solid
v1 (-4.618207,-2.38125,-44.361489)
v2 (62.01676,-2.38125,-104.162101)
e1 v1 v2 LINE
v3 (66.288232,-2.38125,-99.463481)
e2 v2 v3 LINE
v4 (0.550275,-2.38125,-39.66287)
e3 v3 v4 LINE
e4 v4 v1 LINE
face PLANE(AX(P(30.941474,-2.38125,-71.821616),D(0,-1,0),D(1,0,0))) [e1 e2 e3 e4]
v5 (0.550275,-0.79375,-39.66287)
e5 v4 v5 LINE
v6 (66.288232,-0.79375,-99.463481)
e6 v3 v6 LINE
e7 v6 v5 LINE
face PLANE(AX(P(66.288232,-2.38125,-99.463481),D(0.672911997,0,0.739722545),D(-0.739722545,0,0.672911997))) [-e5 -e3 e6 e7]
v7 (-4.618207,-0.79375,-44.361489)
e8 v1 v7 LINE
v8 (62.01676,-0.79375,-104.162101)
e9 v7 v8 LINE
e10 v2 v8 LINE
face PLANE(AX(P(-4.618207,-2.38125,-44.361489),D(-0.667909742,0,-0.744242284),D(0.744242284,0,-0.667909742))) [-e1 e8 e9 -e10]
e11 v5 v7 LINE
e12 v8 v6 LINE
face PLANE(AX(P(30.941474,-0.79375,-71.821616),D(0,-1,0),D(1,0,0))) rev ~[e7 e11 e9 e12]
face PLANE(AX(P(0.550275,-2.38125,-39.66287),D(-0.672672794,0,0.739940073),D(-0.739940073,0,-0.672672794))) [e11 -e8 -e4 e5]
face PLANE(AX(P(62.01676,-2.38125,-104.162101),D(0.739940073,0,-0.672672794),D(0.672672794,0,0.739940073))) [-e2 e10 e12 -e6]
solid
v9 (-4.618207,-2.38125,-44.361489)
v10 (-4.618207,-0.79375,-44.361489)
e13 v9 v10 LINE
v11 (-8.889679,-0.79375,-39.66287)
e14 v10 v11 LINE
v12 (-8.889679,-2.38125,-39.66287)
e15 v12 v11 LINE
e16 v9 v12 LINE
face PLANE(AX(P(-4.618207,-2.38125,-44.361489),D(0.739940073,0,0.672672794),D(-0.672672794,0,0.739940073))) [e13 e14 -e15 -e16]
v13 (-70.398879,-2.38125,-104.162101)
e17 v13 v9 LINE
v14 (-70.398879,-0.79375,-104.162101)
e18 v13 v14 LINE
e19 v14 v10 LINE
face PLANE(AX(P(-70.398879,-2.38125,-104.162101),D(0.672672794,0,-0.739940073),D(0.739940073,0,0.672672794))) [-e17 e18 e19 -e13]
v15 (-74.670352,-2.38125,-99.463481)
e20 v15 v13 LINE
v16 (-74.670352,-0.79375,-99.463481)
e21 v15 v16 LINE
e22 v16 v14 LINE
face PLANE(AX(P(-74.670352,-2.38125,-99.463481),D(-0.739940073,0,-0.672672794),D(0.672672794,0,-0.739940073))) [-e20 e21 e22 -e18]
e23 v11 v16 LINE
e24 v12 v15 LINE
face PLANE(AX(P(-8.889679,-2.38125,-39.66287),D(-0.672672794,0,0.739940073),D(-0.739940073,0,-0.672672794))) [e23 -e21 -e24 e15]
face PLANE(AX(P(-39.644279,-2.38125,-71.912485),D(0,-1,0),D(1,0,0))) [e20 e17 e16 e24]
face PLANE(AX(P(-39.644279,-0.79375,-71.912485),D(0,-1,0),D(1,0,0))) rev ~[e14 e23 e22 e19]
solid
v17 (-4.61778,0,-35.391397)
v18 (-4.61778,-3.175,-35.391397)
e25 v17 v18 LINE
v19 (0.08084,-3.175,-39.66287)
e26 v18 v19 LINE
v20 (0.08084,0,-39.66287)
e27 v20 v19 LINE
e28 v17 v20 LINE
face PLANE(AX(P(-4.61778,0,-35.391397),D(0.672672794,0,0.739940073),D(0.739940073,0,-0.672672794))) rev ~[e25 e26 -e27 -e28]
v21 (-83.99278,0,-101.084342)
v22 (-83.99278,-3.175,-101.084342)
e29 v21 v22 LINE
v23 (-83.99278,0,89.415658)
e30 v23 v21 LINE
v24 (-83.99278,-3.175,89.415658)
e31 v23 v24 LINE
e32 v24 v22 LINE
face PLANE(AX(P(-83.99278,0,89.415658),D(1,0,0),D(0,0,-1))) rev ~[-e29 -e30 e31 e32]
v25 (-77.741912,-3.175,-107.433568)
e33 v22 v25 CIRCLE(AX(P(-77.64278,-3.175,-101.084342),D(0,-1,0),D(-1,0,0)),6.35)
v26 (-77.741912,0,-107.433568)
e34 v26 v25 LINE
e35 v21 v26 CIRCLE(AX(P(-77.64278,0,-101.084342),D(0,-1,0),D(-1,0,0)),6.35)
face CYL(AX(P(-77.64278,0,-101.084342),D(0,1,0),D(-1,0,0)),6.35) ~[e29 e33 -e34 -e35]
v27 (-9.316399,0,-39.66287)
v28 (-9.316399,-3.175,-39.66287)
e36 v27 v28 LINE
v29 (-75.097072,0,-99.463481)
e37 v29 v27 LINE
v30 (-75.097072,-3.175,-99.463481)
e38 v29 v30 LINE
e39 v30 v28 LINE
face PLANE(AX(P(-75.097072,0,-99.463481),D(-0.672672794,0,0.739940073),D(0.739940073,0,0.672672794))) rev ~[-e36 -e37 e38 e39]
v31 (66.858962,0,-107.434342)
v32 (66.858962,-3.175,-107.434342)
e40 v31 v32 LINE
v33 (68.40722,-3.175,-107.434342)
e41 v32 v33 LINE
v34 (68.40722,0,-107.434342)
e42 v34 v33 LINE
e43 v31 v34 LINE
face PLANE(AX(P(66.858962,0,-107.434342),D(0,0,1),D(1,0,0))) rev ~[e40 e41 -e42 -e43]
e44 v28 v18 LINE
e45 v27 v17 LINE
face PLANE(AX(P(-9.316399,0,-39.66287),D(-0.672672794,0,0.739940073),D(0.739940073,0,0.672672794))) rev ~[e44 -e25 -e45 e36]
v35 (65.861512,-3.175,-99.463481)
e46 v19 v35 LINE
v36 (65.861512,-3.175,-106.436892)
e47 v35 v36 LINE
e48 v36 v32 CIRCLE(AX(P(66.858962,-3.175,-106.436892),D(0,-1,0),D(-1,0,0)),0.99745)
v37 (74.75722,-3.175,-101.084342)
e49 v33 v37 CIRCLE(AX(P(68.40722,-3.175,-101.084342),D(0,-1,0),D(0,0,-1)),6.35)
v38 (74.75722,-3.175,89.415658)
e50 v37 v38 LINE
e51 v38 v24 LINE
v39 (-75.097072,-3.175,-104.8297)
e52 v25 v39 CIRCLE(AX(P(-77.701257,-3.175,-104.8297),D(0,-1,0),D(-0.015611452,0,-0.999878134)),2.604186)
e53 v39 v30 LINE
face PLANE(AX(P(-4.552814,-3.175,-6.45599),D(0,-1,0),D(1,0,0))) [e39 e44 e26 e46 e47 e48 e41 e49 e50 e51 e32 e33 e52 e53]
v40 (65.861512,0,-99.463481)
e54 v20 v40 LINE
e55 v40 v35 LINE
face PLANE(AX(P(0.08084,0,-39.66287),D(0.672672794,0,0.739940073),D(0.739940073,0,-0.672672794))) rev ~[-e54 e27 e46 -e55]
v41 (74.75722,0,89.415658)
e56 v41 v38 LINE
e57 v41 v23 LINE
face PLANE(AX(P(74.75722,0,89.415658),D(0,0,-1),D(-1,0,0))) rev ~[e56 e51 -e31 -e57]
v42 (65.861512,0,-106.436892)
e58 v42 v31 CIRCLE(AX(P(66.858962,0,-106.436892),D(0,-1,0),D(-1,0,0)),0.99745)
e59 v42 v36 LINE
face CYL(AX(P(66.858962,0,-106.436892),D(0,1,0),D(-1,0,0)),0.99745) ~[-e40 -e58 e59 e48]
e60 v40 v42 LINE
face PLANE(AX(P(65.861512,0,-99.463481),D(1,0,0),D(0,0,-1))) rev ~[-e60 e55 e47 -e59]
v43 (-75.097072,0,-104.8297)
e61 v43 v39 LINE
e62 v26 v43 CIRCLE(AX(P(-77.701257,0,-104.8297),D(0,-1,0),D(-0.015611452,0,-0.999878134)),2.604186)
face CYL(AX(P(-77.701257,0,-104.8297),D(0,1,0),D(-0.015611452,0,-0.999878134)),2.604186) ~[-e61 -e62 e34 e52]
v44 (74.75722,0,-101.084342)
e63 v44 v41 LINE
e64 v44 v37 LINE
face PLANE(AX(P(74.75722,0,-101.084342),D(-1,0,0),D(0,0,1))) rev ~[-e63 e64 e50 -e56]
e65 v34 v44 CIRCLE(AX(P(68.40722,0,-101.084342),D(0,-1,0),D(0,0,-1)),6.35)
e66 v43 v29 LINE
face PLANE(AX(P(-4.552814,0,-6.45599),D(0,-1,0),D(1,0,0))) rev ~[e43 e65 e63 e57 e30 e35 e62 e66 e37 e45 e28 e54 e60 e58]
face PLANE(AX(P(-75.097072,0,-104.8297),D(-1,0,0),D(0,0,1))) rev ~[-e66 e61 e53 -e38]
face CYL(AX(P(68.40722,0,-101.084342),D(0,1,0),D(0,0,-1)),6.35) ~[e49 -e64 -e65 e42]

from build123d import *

# Parameters (mm, degrees)
F1_DEPTH = 3.175
F3_DEPTH = 1.5875


with BuildPart() as f1:
    # F0 (on Front) → F1 (new body)
    with BuildSketch(Plane.XZ):
        with BuildLine():
            Line((74.7572204843, 89.4156580232), (-83.9927795157, 89.4156580232))
            Line((-83.9927795157, 89.4156580232), (-83.9927795157, -101.0843419768))
            ThreePointArc((-83.9927795157, -101.0843419768), (-82.1678205533, -105.5392834588), (-77.7419122375, -107.4335681267))
            ThreePointArc((-77.7419122375, -107.4335681267), (-75.8742501091, -106.6854552728), (-75.0970715066, -104.8296998773))
            Line((-75.0970715066, -104.8296998773), (-75.0970715066, -99.4634811212))
            Line((-75.0970715066, -99.4634811212), (-9.3163989817, -39.6628697349))
            Line((-9.3163989817, -39.6628697349), (-4.6177795157, -35.391397493))
            Line((-4.6177795157, -35.391397493), (0.0808399504, -39.6628697349))
            Line((0.0808399504, -39.6628697349), (65.8615124753, -99.4634811212))
            Line((65.8615124753, -99.4634811212), (65.8615124753, -106.4368922915))
            ThreePointArc((65.8615124753, -106.4368922915), (66.1536587242, -107.1421957278), (66.8589621606, -107.4343419768))
            Line((66.8589621606, -107.4343419768), (68.4072204843, -107.4343419768))
            ThreePointArc((68.4072204843, -107.4343419768), (72.8973485449, -105.5744700373), (74.7572204843, -101.0843419768))
            Line((74.7572204843, -101.0843419768), (74.7572204843, 89.4156580232))
        make_face()
    extrude(amount=F1_DEPTH)


with BuildPart() as f3:
    # F2 (on face) → F3 (new body)
    with BuildSketch(Plane.XZ.offset(3.175)):
        Polygon((0.1235546728, -39.6628697349), (-5.0449267399, -44.3614892009), (61.5900402334, -104.1621005872), (65.8615124753, -99.4634811212), align=None)
    extrude(amount=-F3_DEPTH)


with BuildPart() as f3b:
    # F2 (on face) → F3, piece 2 (new body)
    with BuildSketch(Plane.XZ.offset(3.175)):
        Polygon((-5.0449267399, -44.3614892009), (-9.3163989817, -39.6628697349), (-75.0970715066, -99.4634811212), (-70.8255992648, -104.1621005872), align=None)
    extrude(amount=-F3_DEPTH)


with BuildPart() as f3b_1:
    # F4: moved
    add(f3b.part.moved(Location((0, 0.79375, 0))))


with BuildPart() as f3_1:
    # F4: moved
    add(f3.part.moved(Location((0, 0.79375, 0))))


with BuildPart() as f3b_2:
    # F5: moved
    add(f3b_1.part.moved(Location((0.42672, 0, 0))))


with BuildPart() as f3_2:
    # F5: moved
    add(f3_1.part.moved(Location((0.42672, 0, 0))))


solid = Compound([f1.part, f3b_2.part, f3_2.part])
